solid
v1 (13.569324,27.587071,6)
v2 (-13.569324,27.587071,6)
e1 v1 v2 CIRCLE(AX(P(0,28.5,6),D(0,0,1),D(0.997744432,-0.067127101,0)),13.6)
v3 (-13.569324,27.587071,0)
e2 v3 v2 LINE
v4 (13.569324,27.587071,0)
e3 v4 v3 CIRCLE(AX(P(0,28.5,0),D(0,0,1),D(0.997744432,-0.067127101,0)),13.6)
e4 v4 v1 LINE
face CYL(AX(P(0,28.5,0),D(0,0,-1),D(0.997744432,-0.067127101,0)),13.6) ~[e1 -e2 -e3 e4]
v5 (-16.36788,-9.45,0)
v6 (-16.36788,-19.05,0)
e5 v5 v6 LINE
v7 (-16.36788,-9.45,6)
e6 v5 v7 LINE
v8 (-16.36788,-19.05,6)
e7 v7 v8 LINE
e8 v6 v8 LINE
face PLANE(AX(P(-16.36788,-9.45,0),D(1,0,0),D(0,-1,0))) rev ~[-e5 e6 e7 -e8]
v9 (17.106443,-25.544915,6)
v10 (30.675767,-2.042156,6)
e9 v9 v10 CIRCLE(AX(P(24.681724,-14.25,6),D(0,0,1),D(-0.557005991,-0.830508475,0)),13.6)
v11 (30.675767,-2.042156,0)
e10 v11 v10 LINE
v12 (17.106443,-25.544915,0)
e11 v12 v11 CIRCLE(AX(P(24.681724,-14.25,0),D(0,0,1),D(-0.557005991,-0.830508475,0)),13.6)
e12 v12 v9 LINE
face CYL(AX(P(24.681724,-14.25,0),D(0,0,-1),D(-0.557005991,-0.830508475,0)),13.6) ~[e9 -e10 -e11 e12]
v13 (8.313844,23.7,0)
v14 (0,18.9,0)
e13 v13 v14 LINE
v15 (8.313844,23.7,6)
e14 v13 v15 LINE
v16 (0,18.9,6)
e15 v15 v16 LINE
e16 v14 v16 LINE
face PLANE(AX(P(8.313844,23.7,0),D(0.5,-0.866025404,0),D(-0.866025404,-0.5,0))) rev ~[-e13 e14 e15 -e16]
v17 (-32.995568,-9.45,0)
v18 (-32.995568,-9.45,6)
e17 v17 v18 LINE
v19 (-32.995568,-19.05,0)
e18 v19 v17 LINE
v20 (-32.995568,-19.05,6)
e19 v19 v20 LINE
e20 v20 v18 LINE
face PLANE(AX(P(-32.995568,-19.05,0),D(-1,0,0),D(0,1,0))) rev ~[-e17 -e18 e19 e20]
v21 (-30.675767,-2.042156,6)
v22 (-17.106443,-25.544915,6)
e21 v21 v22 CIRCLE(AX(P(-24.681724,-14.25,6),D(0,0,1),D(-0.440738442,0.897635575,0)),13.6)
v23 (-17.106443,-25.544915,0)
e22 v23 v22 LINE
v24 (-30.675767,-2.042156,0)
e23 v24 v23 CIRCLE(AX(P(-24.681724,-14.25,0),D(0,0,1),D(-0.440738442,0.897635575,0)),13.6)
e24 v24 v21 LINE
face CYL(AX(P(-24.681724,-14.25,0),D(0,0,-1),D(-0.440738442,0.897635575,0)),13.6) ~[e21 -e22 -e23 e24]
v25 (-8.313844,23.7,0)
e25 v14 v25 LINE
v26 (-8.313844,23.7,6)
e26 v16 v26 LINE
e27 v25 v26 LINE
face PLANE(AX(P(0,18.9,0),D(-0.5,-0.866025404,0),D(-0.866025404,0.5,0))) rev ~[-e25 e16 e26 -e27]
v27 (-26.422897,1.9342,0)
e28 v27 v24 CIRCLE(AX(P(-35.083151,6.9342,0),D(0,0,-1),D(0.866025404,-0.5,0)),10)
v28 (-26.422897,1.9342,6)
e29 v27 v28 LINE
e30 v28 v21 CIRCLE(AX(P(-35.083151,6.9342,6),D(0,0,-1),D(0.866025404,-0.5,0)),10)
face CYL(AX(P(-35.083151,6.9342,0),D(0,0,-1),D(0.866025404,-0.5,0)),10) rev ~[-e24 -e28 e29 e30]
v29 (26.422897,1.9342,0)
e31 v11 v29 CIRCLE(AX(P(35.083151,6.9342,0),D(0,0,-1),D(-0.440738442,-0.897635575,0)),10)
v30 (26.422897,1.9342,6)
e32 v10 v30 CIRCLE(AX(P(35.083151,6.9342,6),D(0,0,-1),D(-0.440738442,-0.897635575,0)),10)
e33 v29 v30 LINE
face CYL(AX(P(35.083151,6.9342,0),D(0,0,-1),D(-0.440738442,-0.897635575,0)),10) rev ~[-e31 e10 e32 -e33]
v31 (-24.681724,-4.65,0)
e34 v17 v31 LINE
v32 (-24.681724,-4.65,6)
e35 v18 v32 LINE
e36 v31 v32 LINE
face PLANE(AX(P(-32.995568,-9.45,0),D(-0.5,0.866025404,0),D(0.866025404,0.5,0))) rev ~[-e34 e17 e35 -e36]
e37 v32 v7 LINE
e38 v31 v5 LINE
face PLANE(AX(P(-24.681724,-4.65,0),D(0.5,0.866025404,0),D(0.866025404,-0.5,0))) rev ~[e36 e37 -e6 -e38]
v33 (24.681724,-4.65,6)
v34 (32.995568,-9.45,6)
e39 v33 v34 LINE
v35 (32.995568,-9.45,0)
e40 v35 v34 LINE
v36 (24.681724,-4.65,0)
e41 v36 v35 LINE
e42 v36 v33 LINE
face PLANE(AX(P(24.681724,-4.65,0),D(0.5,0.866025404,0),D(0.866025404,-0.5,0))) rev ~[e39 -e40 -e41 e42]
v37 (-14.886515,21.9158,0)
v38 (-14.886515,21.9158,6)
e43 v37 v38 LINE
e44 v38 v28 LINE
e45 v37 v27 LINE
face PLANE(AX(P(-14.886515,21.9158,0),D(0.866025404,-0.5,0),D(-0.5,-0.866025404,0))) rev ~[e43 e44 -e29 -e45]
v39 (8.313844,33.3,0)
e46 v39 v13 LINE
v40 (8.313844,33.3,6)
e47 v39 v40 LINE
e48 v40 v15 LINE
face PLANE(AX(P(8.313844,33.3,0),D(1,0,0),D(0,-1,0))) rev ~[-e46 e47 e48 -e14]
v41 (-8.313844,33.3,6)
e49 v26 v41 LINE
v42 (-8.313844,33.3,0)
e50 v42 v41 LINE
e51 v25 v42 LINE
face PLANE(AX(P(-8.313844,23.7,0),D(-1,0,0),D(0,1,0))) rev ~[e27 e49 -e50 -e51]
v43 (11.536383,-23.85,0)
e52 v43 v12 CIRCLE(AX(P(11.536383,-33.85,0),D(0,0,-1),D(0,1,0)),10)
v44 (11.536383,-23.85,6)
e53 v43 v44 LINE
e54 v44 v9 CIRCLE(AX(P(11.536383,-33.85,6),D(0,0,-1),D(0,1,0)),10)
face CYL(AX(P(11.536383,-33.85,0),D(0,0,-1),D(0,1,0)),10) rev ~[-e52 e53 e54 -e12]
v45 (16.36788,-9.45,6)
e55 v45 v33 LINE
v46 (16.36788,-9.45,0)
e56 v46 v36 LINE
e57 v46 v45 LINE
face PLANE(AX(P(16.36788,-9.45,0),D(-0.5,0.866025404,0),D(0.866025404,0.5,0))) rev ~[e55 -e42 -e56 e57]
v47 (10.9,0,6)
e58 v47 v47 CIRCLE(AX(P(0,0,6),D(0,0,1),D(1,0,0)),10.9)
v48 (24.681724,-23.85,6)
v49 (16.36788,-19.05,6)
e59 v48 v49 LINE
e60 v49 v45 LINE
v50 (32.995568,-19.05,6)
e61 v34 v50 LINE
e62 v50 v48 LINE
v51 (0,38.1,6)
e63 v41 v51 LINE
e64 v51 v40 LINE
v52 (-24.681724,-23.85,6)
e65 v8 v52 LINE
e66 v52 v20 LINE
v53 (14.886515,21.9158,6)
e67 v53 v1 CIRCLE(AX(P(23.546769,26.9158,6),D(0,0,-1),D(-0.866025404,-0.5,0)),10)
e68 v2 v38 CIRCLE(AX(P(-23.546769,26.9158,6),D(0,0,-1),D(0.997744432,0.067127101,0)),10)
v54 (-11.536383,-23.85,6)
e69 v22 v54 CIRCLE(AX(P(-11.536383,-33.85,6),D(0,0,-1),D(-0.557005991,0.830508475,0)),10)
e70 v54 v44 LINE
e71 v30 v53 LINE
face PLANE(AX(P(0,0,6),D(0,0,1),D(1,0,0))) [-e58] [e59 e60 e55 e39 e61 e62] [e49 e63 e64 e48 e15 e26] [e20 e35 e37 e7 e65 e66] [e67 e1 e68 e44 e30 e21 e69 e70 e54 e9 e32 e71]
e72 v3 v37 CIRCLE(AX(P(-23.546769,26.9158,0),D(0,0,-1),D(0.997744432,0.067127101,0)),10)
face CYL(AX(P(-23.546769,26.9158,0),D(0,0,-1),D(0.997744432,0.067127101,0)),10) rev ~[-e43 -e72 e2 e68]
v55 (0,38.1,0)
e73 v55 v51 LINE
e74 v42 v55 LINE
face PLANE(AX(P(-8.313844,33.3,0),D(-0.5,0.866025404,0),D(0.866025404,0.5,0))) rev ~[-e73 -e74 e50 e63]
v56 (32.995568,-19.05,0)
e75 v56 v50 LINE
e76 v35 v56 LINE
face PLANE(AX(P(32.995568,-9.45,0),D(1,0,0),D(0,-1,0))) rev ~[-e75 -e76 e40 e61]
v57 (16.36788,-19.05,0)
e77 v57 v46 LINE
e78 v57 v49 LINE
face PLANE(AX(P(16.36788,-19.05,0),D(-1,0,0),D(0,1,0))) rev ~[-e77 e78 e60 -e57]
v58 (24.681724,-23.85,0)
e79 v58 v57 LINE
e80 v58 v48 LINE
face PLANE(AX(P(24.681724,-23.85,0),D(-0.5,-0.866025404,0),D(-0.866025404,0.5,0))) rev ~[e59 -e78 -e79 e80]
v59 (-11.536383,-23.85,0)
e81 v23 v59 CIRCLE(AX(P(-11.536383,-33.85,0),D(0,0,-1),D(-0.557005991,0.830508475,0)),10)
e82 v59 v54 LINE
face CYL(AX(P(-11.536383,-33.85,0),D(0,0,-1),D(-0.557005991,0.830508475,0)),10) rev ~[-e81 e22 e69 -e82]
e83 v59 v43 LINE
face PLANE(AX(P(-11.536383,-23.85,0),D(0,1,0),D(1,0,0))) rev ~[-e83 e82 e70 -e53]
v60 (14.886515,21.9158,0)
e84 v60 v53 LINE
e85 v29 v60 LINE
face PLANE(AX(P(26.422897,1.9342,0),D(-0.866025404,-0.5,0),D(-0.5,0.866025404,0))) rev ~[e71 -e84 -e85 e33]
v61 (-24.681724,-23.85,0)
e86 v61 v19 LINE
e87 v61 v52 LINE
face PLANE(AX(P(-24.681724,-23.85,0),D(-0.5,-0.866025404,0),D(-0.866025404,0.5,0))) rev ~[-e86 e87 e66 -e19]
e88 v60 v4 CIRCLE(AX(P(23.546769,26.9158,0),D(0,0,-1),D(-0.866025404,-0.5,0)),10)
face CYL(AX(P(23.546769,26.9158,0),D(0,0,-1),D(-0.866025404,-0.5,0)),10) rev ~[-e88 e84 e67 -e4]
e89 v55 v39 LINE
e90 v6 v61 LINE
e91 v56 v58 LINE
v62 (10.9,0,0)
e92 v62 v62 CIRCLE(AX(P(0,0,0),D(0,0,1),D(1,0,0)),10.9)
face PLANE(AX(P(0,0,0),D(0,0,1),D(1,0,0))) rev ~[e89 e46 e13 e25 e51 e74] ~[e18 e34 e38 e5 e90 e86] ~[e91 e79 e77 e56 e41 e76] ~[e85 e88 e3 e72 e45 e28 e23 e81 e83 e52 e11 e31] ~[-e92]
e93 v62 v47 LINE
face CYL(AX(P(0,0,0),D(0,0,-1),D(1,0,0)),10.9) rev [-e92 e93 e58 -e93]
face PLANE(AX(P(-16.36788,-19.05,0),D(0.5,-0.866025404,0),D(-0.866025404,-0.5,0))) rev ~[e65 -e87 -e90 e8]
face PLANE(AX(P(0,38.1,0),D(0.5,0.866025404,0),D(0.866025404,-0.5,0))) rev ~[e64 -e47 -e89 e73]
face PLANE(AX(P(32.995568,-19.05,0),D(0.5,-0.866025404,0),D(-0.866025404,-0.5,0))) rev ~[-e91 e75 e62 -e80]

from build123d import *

# Parameters (mm, degrees)
F1_R     = 10.9
F2_DEPTH = 6


with BuildPart() as f2:
    # F1 (on Top) → F2 (new body)
    with BuildSketch(Plane.XY):
        with BuildLine():
            ThreePointArc((14.8865145664, 21.9158004234), (13.8060407688, 24.6534518128), (13.5693242804, 27.5870714304))
            ThreePointArc((13.5693242804, 27.5870714304), (0, 42.1), (-13.5693242804, 27.5870714304))
            ThreePointArc((-13.5693242804, 27.5870714304), (-13.8060407688, 24.6534518128), (-14.8865145664, 21.9158004234))
            Line((-14.8865145664, 21.9158004234), (-26.4228971941, 1.9341995766))
            ThreePointArc((-26.4228971941, 1.9341995766), (-28.2535359452, -0.3703438749), (-30.675766815, -2.0421561762))
            ThreePointArc((-30.675766815, -2.0421561762), (-36.4596694993, -21.05), (-17.1064425346, -25.5449152542))
            ThreePointArc((-17.1064425346, -25.5449152542), (-14.4474951764, -24.2831079379), (-11.5363826277, -23.85))
            Line((-11.5363826277, -23.85), (11.5363826277, -23.85))
            ThreePointArc((11.5363826277, -23.85), (14.4474951764, -24.2831079379), (17.1064425346, -25.5449152542))
            ThreePointArc((17.1064425346, -25.5449152542), (36.4596694993, -21.05), (30.675766815, -2.0421561762))
            ThreePointArc((30.675766815, -2.0421561762), (28.2535359452, -0.3703438749), (26.4228971941, 1.9341995766))
            Line((26.4228971941, 1.9341995766), (14.8865145664, 21.9158004234))
        make_face()
        Polygon((-32.9955678842, -9.45), (-24.6817240079, -4.65), (-16.3678801315, -9.45), (-16.3678801315, -19.05), (-24.6817240079, -23.85), (-32.9955678842, -19.05), align=None, mode=Mode.SUBTRACT)
        Circle(F1_R, mode=Mode.SUBTRACT)
        Polygon((16.3678801315, -9.45), (24.6817240079, -4.65), (32.9955678842, -9.45), (32.9955678842, -19.05), (24.6817240079, -23.85), (16.3678801315, -19.05), align=None, mode=Mode.SUBTRACT)
        Polygon((0, 38.1), (8.3138438763, 33.3), (8.3138438763, 23.7), (0, 18.9), (-8.3138438763, 23.7), (-8.3138438763, 33.3), align=None, mode=Mode.SUBTRACT)
    extrude(amount=F2_DEPTH)


solid = f2.part
